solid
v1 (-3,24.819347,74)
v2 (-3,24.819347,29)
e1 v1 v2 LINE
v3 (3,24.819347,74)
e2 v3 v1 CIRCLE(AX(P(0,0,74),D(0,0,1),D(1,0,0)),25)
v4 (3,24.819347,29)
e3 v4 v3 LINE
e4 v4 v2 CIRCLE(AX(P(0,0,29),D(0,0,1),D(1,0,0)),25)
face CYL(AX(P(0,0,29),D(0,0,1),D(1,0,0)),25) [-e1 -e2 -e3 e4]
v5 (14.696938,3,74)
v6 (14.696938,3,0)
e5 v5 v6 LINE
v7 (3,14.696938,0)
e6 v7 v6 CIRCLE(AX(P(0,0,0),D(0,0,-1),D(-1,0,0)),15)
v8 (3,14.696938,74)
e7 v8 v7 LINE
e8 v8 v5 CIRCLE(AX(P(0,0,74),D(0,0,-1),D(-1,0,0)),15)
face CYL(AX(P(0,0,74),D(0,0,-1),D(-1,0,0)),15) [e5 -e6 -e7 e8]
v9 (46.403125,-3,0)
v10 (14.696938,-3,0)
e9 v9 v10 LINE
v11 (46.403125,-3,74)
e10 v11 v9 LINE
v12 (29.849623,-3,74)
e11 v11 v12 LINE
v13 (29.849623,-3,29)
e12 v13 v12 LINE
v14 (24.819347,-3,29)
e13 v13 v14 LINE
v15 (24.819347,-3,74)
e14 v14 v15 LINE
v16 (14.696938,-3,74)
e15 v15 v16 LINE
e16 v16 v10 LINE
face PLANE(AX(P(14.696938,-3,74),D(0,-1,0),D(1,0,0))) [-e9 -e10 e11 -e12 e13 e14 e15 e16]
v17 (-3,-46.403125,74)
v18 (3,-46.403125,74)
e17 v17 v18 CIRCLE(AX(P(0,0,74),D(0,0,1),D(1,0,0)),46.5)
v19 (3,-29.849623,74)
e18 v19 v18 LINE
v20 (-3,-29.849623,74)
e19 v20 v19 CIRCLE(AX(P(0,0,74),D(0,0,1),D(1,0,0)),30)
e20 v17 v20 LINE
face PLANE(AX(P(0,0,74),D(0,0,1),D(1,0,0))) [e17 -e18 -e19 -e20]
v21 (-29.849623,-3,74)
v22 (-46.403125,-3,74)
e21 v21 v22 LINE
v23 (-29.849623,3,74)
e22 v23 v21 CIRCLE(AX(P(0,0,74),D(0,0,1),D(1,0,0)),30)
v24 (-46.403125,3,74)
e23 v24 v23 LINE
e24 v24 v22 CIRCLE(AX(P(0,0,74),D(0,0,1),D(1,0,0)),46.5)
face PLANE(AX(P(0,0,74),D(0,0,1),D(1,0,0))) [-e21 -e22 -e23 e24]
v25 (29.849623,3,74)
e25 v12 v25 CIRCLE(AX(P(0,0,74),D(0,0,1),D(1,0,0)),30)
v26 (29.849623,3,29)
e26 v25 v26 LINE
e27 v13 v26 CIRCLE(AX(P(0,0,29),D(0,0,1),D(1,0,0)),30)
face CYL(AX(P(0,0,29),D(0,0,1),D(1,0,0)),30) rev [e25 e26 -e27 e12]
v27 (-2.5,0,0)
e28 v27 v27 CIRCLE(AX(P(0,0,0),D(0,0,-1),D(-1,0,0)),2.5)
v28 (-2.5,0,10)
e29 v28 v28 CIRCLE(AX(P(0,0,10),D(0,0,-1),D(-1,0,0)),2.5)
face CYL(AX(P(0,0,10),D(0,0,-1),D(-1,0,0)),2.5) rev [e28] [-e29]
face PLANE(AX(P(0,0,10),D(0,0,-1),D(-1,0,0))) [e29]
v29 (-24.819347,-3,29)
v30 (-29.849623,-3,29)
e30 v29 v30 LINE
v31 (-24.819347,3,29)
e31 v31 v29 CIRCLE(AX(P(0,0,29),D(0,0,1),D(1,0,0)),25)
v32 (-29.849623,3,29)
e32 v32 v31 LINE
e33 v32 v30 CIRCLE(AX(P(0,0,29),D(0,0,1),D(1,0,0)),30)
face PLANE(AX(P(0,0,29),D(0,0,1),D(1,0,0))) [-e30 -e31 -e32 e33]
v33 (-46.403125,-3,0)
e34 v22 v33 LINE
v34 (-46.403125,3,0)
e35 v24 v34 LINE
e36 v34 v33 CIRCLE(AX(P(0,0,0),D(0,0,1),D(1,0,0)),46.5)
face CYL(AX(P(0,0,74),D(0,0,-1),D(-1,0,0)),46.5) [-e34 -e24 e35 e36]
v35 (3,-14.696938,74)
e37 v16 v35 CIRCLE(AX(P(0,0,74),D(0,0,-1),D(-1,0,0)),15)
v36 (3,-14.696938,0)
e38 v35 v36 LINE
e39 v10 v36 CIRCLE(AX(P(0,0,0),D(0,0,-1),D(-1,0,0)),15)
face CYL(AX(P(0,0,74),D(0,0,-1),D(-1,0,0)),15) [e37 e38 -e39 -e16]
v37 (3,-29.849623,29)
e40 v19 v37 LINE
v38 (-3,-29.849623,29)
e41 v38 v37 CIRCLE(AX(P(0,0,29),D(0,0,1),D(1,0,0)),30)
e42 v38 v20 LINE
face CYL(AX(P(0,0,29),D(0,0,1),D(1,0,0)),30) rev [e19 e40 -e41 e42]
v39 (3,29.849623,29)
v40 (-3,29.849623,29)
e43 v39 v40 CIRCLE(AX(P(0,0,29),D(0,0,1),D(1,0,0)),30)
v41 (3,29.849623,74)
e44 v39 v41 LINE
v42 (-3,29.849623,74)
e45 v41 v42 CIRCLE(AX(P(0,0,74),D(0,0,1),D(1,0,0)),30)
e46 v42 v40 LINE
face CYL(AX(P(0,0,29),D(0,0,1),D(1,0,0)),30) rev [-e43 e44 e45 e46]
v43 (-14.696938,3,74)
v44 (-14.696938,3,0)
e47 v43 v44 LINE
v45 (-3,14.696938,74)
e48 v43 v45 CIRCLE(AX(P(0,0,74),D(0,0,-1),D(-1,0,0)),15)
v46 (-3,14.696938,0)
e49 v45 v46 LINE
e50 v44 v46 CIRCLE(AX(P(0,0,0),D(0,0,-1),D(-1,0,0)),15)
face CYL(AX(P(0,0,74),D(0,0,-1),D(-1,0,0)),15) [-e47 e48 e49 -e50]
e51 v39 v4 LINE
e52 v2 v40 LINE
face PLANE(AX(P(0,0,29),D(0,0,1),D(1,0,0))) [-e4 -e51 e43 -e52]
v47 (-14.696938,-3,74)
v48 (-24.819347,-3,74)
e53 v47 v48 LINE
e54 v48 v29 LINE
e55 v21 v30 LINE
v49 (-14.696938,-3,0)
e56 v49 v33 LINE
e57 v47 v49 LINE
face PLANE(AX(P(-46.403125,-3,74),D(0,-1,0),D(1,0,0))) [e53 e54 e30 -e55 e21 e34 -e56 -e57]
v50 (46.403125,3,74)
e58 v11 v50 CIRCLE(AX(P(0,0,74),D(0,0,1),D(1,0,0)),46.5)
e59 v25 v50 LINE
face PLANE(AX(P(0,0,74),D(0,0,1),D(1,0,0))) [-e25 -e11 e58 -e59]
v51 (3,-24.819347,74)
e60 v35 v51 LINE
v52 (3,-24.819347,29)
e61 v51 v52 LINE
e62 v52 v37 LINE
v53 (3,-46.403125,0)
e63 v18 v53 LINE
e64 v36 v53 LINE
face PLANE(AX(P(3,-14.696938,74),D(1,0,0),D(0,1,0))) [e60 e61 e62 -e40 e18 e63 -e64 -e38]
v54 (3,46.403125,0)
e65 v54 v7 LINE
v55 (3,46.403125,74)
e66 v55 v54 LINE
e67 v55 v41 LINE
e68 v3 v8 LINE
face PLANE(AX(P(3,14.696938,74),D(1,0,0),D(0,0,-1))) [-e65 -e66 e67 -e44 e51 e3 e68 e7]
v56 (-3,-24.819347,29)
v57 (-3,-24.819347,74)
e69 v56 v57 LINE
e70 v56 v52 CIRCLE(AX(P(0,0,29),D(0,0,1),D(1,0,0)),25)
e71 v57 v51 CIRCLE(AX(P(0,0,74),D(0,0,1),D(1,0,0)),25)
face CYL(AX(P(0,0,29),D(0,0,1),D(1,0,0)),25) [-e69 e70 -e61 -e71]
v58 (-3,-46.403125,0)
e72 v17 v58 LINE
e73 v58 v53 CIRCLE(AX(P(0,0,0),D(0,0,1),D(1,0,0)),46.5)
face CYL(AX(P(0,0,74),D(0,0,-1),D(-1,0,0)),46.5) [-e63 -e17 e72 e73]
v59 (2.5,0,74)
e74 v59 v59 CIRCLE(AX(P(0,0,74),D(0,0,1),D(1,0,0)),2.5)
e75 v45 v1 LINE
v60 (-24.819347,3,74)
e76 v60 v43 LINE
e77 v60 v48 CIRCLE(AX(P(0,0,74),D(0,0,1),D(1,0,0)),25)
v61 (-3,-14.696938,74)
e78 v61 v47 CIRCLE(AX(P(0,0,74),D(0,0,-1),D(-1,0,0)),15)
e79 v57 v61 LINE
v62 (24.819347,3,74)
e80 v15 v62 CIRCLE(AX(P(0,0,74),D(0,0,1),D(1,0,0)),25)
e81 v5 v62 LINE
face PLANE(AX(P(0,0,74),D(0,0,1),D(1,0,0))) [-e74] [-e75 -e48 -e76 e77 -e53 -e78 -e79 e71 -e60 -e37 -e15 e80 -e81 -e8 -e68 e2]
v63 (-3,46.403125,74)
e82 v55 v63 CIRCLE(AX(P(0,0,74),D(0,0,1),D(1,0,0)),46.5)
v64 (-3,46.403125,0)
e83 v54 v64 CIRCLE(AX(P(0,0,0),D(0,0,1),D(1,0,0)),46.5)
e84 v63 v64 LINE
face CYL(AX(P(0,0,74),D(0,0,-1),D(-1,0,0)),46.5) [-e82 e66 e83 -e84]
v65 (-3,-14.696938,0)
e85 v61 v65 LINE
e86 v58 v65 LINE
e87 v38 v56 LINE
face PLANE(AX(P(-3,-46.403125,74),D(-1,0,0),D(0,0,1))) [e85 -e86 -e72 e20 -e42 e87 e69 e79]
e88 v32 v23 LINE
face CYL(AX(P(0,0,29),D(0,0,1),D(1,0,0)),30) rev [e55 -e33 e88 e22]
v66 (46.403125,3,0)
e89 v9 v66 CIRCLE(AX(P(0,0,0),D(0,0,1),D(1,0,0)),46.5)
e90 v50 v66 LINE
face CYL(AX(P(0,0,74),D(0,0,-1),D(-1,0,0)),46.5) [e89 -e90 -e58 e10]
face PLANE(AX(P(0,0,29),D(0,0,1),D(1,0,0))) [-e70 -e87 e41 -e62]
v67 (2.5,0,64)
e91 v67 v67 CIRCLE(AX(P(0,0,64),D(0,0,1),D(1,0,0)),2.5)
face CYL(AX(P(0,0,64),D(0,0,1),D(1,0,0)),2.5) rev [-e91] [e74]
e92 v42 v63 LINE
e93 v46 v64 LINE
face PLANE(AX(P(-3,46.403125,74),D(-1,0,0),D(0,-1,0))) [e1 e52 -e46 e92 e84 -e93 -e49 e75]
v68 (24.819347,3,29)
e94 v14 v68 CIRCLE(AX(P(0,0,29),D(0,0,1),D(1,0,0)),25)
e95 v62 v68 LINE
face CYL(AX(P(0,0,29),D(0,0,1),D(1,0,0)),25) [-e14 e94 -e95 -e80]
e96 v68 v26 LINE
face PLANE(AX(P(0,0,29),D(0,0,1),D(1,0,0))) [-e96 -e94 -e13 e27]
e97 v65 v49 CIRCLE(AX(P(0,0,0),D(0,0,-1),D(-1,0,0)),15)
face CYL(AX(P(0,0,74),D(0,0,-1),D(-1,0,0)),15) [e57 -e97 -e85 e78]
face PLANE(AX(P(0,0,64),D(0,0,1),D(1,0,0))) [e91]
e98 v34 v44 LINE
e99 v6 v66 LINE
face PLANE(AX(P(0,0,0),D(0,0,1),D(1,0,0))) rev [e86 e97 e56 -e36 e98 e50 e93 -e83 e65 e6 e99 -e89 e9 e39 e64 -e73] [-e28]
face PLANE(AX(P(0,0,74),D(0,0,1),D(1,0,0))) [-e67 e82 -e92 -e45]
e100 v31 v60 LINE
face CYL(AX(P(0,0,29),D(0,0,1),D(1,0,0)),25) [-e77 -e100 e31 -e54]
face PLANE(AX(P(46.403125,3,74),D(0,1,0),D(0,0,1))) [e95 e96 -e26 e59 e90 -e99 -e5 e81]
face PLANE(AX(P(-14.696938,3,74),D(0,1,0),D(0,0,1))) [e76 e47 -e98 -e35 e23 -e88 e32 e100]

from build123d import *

# Parameters (mm, degrees)
SKETCH1_R           = 46.5
BOSS_EXTRUDE1_DEPTH = 74
SKETCH2_R           = 2.5
CUT_EXTRUDE1_DEPTH  = 10
SKETCH3_R           = 2.5
CUT_EXTRUDE2_DEPTH  = 10
SKETCH4_OUTSIDE_W   = 125.182
SKETCH4_OUTSIDE_H   = 125.182
CUT_EXTRUDE3_DEPTH  = 75
SKETCH7_R           = 30
SKETCH7_R_2         = 25
CUT_EXTRUDE4_DEPTH  = 45


with BuildPart() as part:
    # Sketch1 → Boss-Extrude1 (new body)
    with BuildSketch(Plane.XY):
        Circle(SKETCH1_R)
    extrude(amount=BOSS_EXTRUDE1_DEPTH)

    # Sketch2 → Cut-Extrude1 (cut)
    with BuildSketch(Plane.XY.offset(74)):
        Circle(SKETCH2_R)
    extrude(amount=-CUT_EXTRUDE1_DEPTH, mode=Mode.SUBTRACT)

    # Sketch3 → Cut-Extrude2 (cut)
    with BuildSketch(Plane(origin=(0, 0, 0), x_dir=(-1, 0, 0), z_dir=(0, 0, -1))):
        Circle(SKETCH3_R)
    extrude(amount=-CUT_EXTRUDE2_DEPTH, mode=Mode.SUBTRACT)

    # Sketch4 outside → Cut-Extrude3 (cut, through all)
    with BuildSketch(Plane(origin=(0, 0, 0), x_dir=(-1, 0, 0), z_dir=(0, 0, -1))):
        Rectangle(SKETCH4_OUTSIDE_W, SKETCH4_OUTSIDE_H)
        with BuildLine():
            Line((-46.403124895, 3), (-14.696938457, 3))
            ThreePointArc((-14.696938457, 3), (-10.606601718, 10.606601718), (-3, 14.696938457))
            Line((-3, 14.696938457), (-3, 46.403124895))
            ThreePointArc((-3, 46.403124895), (0, 46.5), (3, 46.403124895))
            Line((3, 46.403124895), (3, 14.696938457))
            ThreePointArc((3, 14.696938457), (10.606601718, 10.606601718), (14.696938457, 3))
            Line((14.696938457, 3), (46.403124895, 3))
            ThreePointArc((46.403124895, 3), (46.5, 0), (46.403124895, -3))
            Line((46.403124895, -3), (14.696938457, -3))
            ThreePointArc((14.696938457, -3), (10.606601718, -10.606601718), (3, -14.696938457))
            Line((3, -14.696938457), (3, -46.403124895))
            ThreePointArc((3, -46.403124895), (0, -46.5), (-3, -46.403124895))
            Line((-3, -46.403124895), (-3, -14.696938457))
            ThreePointArc((-3, -14.696938457), (-10.606601718, -10.606601718), (-14.696938457, -3))
            Line((-14.696938457, -3), (-46.403124895, -3))
            ThreePointArc((-46.403124895, -3), (-46.5, 0), (-46.403124895, 3))
        make_face(mode=Mode.SUBTRACT)
    extrude(amount=-CUT_EXTRUDE3_DEPTH, mode=Mode.SUBTRACT)

    # Sketch7 → Cut-Extrude4 (cut)
    with BuildSketch(Plane.XY.offset(74)):
        Circle(SKETCH7_R)
        Circle(SKETCH7_R_2, mode=Mode.SUBTRACT)
    extrude(amount=-CUT_EXTRUDE4_DEPTH, mode=Mode.SUBTRACT)


solid = part.part
